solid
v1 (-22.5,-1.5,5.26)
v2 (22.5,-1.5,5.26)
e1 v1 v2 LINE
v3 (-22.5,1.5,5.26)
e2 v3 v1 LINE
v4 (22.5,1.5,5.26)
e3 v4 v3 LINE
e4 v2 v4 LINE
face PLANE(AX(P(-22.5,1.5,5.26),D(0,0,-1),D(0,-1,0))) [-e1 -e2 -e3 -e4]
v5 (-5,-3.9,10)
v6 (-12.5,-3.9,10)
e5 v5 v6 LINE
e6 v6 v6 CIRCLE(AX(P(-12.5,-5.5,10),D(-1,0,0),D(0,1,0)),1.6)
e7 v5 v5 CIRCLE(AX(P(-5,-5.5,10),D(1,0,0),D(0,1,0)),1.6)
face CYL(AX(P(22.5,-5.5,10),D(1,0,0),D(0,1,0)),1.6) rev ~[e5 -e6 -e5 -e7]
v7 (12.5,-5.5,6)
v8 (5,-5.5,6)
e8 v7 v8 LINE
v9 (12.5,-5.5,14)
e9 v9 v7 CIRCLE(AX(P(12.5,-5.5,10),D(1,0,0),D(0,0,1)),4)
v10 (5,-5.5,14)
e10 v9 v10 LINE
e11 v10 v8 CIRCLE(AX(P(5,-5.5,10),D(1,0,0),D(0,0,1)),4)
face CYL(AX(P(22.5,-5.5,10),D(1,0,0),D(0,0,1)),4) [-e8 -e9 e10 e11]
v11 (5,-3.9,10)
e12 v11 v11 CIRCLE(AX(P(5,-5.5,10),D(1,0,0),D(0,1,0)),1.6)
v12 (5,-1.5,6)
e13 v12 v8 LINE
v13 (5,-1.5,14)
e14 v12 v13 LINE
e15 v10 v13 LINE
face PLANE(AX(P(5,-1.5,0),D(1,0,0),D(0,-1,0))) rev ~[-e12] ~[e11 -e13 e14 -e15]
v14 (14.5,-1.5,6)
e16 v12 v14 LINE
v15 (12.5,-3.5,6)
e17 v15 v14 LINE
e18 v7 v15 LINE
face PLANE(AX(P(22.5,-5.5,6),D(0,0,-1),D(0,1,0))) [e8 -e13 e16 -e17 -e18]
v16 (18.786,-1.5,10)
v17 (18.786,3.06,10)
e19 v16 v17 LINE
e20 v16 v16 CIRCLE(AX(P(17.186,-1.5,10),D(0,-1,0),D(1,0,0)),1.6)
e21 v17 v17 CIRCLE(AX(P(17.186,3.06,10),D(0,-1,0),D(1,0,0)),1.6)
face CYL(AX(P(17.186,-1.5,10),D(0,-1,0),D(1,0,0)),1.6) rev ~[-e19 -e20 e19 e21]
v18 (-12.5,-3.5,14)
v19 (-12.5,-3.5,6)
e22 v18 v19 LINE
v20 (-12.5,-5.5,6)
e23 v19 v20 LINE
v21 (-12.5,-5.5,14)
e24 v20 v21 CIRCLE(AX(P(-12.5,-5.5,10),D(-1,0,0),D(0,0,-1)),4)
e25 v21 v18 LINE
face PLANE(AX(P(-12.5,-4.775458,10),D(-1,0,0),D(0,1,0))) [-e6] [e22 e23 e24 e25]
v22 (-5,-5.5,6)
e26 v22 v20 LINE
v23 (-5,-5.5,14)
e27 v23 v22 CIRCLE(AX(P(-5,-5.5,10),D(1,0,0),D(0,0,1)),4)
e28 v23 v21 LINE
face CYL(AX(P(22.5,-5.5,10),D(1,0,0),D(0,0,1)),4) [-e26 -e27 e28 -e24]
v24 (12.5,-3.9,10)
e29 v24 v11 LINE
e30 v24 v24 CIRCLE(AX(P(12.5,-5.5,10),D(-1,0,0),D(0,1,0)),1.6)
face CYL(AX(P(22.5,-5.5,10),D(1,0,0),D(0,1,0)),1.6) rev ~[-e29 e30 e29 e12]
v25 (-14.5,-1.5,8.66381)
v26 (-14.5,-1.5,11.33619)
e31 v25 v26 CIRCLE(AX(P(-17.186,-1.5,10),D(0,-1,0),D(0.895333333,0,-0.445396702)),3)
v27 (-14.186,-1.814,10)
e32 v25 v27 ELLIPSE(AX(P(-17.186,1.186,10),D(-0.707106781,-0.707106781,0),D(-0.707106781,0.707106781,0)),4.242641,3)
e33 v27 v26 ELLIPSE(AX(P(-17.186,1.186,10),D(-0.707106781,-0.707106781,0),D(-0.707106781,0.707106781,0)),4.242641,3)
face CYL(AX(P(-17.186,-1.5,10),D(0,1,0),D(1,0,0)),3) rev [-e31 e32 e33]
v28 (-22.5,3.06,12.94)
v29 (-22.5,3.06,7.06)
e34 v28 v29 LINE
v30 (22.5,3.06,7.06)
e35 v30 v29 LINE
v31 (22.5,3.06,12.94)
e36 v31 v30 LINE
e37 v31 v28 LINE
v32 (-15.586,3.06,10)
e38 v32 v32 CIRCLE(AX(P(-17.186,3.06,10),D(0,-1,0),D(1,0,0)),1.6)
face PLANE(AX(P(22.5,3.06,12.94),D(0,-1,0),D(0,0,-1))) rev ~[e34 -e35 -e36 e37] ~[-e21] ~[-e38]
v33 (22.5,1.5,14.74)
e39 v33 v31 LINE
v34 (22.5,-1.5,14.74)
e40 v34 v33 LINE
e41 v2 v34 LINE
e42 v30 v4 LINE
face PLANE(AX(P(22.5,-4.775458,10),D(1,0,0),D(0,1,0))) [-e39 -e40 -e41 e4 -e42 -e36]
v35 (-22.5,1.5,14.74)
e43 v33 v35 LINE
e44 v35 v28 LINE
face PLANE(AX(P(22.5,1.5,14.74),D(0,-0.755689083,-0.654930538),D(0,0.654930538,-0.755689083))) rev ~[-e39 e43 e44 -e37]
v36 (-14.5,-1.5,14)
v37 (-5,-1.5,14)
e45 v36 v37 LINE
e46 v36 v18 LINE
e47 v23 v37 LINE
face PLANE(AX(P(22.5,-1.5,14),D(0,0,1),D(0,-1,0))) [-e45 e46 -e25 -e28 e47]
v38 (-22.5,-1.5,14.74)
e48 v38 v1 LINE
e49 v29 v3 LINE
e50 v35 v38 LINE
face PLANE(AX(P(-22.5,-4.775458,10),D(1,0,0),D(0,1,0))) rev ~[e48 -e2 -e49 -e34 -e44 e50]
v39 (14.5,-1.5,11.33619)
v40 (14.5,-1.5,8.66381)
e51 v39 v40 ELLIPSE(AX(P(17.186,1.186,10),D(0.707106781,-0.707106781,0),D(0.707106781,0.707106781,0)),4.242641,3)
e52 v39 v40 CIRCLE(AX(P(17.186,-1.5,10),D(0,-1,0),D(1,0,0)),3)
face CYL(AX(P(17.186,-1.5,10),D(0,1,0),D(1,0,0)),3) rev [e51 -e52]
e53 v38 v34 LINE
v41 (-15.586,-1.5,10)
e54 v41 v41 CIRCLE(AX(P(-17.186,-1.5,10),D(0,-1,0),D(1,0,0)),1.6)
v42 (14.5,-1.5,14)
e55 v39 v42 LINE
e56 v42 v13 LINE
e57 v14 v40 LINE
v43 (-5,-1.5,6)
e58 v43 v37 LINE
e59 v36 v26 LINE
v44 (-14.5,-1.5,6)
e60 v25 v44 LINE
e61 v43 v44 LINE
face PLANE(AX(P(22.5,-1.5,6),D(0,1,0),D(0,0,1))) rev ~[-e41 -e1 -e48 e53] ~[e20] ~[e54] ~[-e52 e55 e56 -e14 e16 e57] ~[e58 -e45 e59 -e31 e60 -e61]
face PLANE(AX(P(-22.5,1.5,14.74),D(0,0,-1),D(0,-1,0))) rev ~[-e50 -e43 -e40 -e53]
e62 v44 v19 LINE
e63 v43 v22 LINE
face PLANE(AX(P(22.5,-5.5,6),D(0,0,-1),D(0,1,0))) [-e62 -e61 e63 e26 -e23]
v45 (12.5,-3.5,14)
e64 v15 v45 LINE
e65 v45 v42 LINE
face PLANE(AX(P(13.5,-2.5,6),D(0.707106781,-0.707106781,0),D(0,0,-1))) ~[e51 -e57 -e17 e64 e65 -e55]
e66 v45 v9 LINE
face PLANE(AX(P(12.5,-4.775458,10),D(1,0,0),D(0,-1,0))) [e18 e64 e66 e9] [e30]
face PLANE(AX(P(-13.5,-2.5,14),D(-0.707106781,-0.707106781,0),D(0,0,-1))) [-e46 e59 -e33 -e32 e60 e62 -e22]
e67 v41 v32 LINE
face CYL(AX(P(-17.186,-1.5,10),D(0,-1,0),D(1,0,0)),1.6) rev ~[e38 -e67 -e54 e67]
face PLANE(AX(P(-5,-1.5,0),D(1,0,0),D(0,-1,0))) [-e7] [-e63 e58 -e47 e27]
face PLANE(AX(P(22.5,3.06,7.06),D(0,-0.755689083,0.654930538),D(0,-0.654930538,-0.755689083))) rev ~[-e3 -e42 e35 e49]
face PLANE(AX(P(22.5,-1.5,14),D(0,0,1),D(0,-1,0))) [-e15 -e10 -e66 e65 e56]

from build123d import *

# Parameters (mm, degrees)
SKETCH_W           = 45
SKETCH_H           = 3
PAD_DEPTH          = 20
PAD001_DEPTH       = 45
SKETCH002_R        = 1.6
POCKET_DEPTH       = 4.561
SKETCH004_R        = 1.6
PAD002_DEPTH       = 45
PAD002_FACE9_R     = 1.6
POCKET001_DEPTH    = 10
POCKET001_FACE14_R = 1.6
POCKET002_DEPTH    = 10
SKETCH005_W        = 10
SKETCH005_H        = 8
POCKET003_DEPTH    = 20.001
SKETCH006_W        = 3
SKETCH006_H        = 5.26
POCKET004_DEPTH    = 45.001
CHAMFER_SIZE       = 2
SKETCH007_R        = 3
POCKET005_DEPTH    = 8.001


with BuildPart() as part:
    # Sketch → Pad (new body)
    with BuildSketch(Plane.XY):
        Rectangle(SKETCH_W, SKETCH_H)
    extrude(amount=PAD_DEPTH)

    # Sketch001 (on Face2 of Pad) → Pad001 (join)
    with BuildSketch(Plane.YZ.offset(22.5)):
        Polygon((1.5, 10), (1.5, 14.74), (3.06, 12.94), (3.06, 7.06), (1.5, 5.26), align=None)
    extrude(amount=-PAD001_DEPTH)

    # Sketch002 (on Face6 of Pad001) → Pocket (cut, through all)
    with BuildSketch(Plane.XZ.offset(1.5)):
        with Locations((-17.186, 10)):
            Circle(SKETCH002_R)
        with Locations((17.186, 10)):
            Circle(SKETCH002_R)
    extrude(amount=-POCKET_DEPTH, mode=Mode.SUBTRACT)

    # Sketch004 (on Face3 of Pocket) → Pad002 (join)
    with BuildSketch(Plane.YZ.offset(22.5)):
        with BuildLine():
            ThreePointArc((-5.5, 14), (-9.5, 10), (-5.5, 6))
            Line((-5.5, 6), (-1.5, 6))
            Line((-1.5, 14), (-1.5, 6))
            Line((-1.5, 14), (-5.5, 14))
        make_face()
        with Locations((-5.5, 10)):
            Circle(SKETCH004_R, mode=Mode.SUBTRACT)
    extrude(amount=-PAD002_DEPTH)

    # Pad002 Face9 → Pocket001 (cut)
    with BuildSketch(Plane(origin=(22.5, -5.065426, 10), x_dir=(0, -1, 0), z_dir=(1, 0, 0))):
        with BuildLine():
            ThreePointArc((0.434574, -4), (4.434574, 0), (0.434574, 4))
            Line((0.434574, 4), (-3.565426, 4))
            Line((-3.565426, 4), (-3.565426, -4))
            Line((-3.565426, -4), (0.434574, -4))
        make_face()
        with Locations((0.434574, 0)):
            Circle(PAD002_FACE9_R, mode=Mode.SUBTRACT)
    extrude(amount=-POCKET001_DEPTH, mode=Mode.SUBTRACT)

    # Pocket001 Face14 → Pocket002 (cut)
    with BuildSketch(Plane(origin=(-22.5, -5.065426, 10), x_dir=(0, 1, 0), z_dir=(-1, 0, 0))):
        with BuildLine():
            ThreePointArc((-0.434574, 4), (-4.434574, 0), (-0.434574, -4))
            Line((-0.434574, -4), (3.565426, -4))
            Line((3.565426, -4), (3.565426, 4))
            Line((3.565426, 4), (-0.434574, 4))
        make_face()
        with Locations((-0.434574, 0)):
            Circle(POCKET001_FACE14_R, mode=Mode.SUBTRACT)
    extrude(amount=-POCKET002_DEPTH, mode=Mode.SUBTRACT)

    # Sketch005 (on Face2 of Pocket002) → Pocket003 (cut, through all)
    with BuildSketch(Plane(origin=(0, 0, 0), x_dir=(1, 0, 0), z_dir=(0, 0, -1))):
        with Locations((0, 5.5)):
            Rectangle(SKETCH005_W, SKETCH005_H)
    extrude(amount=-POCKET003_DEPTH, mode=Mode.SUBTRACT)

    # Sketch006 (on Face5 of Pocket003) → Pocket004 (cut, through all)
    with BuildSketch(Plane(origin=(-22.5, 0, 0), x_dir=(0, -1, 0), z_dir=(-1, 0, 0))):
        with Locations((0, 17.37)):
            Rectangle(SKETCH006_W, SKETCH006_H)
        with Locations((0, 2.63)):
            Rectangle(SKETCH006_W, SKETCH006_H)
    extrude(amount=-POCKET004_DEPTH, mode=Mode.SUBTRACT)

    # Chamfer
    chamfer_edges = [part.edges().sort_by_distance(p)[0] for p in [
        (-12.5, -1.5, 10),
        (12.5, -1.5, 10),
    ]]
    chamfer(chamfer_edges, length=CHAMFER_SIZE)

    # Sketch007 (on Face29 of Chamfer) → Pocket005 (cut, through all)
    with BuildSketch(Plane.XZ.offset(1.5)):
        with Locations((-17.186, 10)):
            Circle(SKETCH007_R)
        with Locations((17.186, 10)):
            Circle(SKETCH007_R)
    extrude(amount=POCKET005_DEPTH, mode=Mode.SUBTRACT)


solid = part.part
